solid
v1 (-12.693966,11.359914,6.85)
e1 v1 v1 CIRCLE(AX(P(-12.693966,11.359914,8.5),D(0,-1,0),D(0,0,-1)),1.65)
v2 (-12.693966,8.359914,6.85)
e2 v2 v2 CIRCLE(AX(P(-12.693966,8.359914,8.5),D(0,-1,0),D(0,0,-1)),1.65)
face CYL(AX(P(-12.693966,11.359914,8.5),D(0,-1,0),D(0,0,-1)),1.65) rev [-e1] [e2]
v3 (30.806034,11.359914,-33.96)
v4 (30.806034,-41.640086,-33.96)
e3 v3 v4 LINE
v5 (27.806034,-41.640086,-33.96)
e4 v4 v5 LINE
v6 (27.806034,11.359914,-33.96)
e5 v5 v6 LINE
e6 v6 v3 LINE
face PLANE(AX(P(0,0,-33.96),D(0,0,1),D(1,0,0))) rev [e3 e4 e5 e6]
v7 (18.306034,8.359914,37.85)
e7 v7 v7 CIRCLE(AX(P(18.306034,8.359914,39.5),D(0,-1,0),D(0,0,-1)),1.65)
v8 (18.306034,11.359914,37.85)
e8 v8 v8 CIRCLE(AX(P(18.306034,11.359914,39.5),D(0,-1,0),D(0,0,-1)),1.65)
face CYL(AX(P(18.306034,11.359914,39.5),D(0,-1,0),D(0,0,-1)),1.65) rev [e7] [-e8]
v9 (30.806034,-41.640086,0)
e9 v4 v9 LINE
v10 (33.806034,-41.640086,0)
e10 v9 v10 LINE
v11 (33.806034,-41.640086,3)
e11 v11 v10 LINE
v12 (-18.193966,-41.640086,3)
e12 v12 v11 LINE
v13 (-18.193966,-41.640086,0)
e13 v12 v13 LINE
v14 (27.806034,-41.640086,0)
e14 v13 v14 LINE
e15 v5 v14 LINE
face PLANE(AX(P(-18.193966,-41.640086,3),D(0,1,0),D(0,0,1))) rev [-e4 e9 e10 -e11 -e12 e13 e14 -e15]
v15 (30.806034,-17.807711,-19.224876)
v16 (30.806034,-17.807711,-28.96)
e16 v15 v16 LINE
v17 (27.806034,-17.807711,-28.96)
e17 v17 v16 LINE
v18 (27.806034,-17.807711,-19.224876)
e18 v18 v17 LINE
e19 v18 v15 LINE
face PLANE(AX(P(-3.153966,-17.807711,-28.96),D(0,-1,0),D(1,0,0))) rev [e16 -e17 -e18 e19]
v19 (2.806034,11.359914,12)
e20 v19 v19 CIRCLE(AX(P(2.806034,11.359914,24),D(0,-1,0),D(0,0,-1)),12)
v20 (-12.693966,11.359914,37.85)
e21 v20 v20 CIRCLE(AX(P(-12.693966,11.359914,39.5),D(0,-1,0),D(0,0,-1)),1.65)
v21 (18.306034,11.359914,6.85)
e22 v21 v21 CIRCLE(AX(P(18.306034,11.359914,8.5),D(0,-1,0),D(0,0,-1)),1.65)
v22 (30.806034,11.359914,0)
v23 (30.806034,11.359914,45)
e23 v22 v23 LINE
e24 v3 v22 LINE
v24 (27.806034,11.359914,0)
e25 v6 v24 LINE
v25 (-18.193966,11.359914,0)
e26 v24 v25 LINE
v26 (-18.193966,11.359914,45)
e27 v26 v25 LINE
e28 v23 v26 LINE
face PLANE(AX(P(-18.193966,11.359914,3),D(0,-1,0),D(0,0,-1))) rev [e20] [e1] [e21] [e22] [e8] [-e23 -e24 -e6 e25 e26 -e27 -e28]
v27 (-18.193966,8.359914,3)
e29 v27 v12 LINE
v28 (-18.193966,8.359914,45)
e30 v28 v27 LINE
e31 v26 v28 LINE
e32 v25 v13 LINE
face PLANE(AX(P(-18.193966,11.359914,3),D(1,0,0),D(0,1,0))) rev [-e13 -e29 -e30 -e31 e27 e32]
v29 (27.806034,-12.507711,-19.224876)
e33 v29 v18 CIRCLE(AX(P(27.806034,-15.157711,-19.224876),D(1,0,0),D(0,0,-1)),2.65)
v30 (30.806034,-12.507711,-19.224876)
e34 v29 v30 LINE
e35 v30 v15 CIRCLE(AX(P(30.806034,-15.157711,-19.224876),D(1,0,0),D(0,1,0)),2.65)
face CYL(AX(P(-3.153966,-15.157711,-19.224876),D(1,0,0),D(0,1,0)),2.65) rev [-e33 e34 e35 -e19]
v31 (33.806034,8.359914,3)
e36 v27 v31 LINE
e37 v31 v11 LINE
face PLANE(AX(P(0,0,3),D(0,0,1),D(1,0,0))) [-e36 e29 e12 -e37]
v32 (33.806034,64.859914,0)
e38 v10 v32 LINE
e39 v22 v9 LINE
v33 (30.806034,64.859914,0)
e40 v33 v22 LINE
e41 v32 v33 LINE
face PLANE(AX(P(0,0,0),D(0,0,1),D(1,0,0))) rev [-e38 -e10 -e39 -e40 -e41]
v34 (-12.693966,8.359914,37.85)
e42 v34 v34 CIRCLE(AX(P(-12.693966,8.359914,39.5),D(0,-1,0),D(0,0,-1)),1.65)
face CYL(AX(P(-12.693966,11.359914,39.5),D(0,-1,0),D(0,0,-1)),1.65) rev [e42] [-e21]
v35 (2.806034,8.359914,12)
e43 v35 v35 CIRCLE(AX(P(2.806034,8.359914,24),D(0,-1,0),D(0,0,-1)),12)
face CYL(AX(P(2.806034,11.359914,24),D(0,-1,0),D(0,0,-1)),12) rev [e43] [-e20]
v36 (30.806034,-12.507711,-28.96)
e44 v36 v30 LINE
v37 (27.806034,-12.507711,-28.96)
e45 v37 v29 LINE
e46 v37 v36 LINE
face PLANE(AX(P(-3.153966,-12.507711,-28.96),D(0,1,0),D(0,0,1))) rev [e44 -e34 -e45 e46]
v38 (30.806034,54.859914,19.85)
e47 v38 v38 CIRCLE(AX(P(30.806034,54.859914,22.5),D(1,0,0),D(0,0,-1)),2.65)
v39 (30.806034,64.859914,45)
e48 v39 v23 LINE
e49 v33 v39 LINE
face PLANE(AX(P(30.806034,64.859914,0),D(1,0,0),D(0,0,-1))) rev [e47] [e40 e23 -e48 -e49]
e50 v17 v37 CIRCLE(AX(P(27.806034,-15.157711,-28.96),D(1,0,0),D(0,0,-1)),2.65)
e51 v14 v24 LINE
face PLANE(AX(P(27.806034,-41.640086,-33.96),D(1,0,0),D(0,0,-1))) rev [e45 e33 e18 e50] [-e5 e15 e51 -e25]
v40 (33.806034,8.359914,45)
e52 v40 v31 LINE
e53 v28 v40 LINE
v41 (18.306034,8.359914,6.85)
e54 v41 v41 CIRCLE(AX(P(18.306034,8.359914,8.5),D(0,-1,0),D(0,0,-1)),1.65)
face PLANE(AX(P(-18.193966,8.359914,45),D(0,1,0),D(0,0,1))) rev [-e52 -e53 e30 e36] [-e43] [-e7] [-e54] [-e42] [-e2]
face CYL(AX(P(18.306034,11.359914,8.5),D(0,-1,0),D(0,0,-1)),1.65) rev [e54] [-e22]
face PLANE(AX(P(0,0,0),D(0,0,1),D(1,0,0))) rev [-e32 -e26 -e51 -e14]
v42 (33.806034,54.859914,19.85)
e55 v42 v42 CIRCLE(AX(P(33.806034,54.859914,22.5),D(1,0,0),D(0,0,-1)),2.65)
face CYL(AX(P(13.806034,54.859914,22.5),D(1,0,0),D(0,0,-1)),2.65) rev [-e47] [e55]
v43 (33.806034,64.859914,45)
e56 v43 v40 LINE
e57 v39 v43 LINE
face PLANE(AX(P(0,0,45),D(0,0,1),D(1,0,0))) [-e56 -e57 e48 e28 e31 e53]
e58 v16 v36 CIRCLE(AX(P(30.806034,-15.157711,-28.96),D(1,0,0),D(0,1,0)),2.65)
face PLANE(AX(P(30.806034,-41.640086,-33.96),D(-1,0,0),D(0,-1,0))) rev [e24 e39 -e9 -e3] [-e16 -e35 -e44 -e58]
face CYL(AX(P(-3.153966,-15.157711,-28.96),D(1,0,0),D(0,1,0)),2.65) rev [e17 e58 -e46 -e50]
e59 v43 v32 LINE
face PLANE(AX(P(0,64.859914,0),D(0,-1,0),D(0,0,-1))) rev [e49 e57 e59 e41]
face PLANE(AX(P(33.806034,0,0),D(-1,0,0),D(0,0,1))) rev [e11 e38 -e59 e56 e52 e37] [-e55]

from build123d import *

# Parameters (mm, degrees)
SKETCH_1_W          = 42
SKETCH_1_H          = 53
EXTRUDE_1_DEPTH     = 3
SKETCH_2_W          = 42
SKETCH_2_H          = 3
EXTRUDE_2_DEPTH     = 42
SKETCH_3_R          = 12
SKETCH_3_R_2        = 1.65
CUT_EXTRUDE_1_DEPTH = 4
EXTRUDE_3_DEPTH     = 10
SKETCH_5_W          = 3
SKETCH_5_H          = 45
EXTRUDE_4_DEPTH     = 53.5
SKETCH_6_R          = 2.65
CUT_EXTRUDE_2_DEPTH = 20
SKETCH_7_W          = 3
SKETCH_7_H          = 53
EXTRUDE_5_DEPTH     = 33.96
CUT_EXTRUDE_4_DEPTH = 33.96


with BuildPart() as part:
    # 草图1 → 凸台-拉伸1 (new body)
    with BuildSketch(Plane.XY):
        with Locations((2.806034483, -15.140086207)):
            Rectangle(SKETCH_1_W, SKETCH_1_H)
    extrude(amount=EXTRUDE_1_DEPTH)

    # 草图2 → 凸台-拉伸2 (add)
    with BuildSketch(Plane.XY.offset(3)):
        with Locations((2.806034483, 9.859913793)):
            Rectangle(SKETCH_2_W, SKETCH_2_H)
    extrude(amount=EXTRUDE_2_DEPTH)

    # 草图3 → 切除-拉伸1 (cut, through all)
    with BuildSketch(Plane.XZ.offset(-8.359913793)):
        with Locations((2.806034483, 24)):
            Circle(SKETCH_3_R)
        with Locations((18.306034483, 39.5)):
            Circle(SKETCH_3_R_2)
        with Locations((18.306034483, 8.5)):
            Circle(SKETCH_3_R_2)
        with Locations((-12.693965517, 8.5)):
            Circle(SKETCH_3_R_2)
        with Locations((-12.693965517, 39.5)):
            Circle(SKETCH_3_R_2)
    extrude(amount=-CUT_EXTRUDE_1_DEPTH, mode=Mode.SUBTRACT)

    # 草图4 → 凸台-拉伸3 (add)
    with BuildSketch(Plane(origin=(23.806034483, 0, 0), x_dir=(0, 0, -1), z_dir=(1, 0, 0))):
        Polygon((-45, 8.359913793), (-3, 8.359913793), (-3, -41.640086207), (0, -41.640086207), (0, 8.359913793), (0, 11.359913793), (-45, 11.359913793), align=None)
    extrude(amount=EXTRUDE_3_DEPTH)

    # 草图5 → 凸台-拉伸4 (add)
    with BuildSketch(Plane(origin=(0, 11.359913793, 0), x_dir=(1, 0, 0), z_dir=(0, 1, 0))):
        with Locations((32.306034483, -22.5)):
            Rectangle(SKETCH_5_W, SKETCH_5_H)
    extrude(amount=EXTRUDE_4_DEPTH)

    # 草图6 → 切除-拉伸2 (cut)
    with BuildSketch(Plane(origin=(33.806034483, 0, 0), x_dir=(0, 0, -1), z_dir=(1, 0, 0))):
        with Locations((-22.5, 54.859913793)):
            Circle(SKETCH_6_R)
    extrude(amount=-CUT_EXTRUDE_2_DEPTH, mode=Mode.SUBTRACT)

    # 草图7 → 凸台-拉伸5 (add)
    with BuildSketch(Plane(origin=(0, 0, 0), x_dir=(-1, 0, 0), z_dir=(0, 0, -1))):
        with Locations((-29.306034483, -15.140086207)):
            Rectangle(SKETCH_7_W, SKETCH_7_H)
    extrude(amount=EXTRUDE_5_DEPTH)

    # 草图10 → 切除-拉伸4 (cut)
    with BuildSketch(Plane(origin=(30.806034483, 0, 0), x_dir=(0, 0, -1), z_dir=(1, 0, 0))):
        with BuildLine():
            Line((28.96, -17.807711285), (19.224876223, -17.807711285))
            ThreePointArc((19.224876223, -17.807711285), (16.574876223, -15.157711285), (19.224876223, -12.507711285))
            Line((19.224876223, -12.507711285), (28.96, -12.507711285))
            ThreePointArc((28.96, -12.507711285), (31.61, -15.157711285), (28.96, -17.807711285))
        make_face()
    extrude(amount=-CUT_EXTRUDE_4_DEPTH, mode=Mode.SUBTRACT)


solid = part.part
